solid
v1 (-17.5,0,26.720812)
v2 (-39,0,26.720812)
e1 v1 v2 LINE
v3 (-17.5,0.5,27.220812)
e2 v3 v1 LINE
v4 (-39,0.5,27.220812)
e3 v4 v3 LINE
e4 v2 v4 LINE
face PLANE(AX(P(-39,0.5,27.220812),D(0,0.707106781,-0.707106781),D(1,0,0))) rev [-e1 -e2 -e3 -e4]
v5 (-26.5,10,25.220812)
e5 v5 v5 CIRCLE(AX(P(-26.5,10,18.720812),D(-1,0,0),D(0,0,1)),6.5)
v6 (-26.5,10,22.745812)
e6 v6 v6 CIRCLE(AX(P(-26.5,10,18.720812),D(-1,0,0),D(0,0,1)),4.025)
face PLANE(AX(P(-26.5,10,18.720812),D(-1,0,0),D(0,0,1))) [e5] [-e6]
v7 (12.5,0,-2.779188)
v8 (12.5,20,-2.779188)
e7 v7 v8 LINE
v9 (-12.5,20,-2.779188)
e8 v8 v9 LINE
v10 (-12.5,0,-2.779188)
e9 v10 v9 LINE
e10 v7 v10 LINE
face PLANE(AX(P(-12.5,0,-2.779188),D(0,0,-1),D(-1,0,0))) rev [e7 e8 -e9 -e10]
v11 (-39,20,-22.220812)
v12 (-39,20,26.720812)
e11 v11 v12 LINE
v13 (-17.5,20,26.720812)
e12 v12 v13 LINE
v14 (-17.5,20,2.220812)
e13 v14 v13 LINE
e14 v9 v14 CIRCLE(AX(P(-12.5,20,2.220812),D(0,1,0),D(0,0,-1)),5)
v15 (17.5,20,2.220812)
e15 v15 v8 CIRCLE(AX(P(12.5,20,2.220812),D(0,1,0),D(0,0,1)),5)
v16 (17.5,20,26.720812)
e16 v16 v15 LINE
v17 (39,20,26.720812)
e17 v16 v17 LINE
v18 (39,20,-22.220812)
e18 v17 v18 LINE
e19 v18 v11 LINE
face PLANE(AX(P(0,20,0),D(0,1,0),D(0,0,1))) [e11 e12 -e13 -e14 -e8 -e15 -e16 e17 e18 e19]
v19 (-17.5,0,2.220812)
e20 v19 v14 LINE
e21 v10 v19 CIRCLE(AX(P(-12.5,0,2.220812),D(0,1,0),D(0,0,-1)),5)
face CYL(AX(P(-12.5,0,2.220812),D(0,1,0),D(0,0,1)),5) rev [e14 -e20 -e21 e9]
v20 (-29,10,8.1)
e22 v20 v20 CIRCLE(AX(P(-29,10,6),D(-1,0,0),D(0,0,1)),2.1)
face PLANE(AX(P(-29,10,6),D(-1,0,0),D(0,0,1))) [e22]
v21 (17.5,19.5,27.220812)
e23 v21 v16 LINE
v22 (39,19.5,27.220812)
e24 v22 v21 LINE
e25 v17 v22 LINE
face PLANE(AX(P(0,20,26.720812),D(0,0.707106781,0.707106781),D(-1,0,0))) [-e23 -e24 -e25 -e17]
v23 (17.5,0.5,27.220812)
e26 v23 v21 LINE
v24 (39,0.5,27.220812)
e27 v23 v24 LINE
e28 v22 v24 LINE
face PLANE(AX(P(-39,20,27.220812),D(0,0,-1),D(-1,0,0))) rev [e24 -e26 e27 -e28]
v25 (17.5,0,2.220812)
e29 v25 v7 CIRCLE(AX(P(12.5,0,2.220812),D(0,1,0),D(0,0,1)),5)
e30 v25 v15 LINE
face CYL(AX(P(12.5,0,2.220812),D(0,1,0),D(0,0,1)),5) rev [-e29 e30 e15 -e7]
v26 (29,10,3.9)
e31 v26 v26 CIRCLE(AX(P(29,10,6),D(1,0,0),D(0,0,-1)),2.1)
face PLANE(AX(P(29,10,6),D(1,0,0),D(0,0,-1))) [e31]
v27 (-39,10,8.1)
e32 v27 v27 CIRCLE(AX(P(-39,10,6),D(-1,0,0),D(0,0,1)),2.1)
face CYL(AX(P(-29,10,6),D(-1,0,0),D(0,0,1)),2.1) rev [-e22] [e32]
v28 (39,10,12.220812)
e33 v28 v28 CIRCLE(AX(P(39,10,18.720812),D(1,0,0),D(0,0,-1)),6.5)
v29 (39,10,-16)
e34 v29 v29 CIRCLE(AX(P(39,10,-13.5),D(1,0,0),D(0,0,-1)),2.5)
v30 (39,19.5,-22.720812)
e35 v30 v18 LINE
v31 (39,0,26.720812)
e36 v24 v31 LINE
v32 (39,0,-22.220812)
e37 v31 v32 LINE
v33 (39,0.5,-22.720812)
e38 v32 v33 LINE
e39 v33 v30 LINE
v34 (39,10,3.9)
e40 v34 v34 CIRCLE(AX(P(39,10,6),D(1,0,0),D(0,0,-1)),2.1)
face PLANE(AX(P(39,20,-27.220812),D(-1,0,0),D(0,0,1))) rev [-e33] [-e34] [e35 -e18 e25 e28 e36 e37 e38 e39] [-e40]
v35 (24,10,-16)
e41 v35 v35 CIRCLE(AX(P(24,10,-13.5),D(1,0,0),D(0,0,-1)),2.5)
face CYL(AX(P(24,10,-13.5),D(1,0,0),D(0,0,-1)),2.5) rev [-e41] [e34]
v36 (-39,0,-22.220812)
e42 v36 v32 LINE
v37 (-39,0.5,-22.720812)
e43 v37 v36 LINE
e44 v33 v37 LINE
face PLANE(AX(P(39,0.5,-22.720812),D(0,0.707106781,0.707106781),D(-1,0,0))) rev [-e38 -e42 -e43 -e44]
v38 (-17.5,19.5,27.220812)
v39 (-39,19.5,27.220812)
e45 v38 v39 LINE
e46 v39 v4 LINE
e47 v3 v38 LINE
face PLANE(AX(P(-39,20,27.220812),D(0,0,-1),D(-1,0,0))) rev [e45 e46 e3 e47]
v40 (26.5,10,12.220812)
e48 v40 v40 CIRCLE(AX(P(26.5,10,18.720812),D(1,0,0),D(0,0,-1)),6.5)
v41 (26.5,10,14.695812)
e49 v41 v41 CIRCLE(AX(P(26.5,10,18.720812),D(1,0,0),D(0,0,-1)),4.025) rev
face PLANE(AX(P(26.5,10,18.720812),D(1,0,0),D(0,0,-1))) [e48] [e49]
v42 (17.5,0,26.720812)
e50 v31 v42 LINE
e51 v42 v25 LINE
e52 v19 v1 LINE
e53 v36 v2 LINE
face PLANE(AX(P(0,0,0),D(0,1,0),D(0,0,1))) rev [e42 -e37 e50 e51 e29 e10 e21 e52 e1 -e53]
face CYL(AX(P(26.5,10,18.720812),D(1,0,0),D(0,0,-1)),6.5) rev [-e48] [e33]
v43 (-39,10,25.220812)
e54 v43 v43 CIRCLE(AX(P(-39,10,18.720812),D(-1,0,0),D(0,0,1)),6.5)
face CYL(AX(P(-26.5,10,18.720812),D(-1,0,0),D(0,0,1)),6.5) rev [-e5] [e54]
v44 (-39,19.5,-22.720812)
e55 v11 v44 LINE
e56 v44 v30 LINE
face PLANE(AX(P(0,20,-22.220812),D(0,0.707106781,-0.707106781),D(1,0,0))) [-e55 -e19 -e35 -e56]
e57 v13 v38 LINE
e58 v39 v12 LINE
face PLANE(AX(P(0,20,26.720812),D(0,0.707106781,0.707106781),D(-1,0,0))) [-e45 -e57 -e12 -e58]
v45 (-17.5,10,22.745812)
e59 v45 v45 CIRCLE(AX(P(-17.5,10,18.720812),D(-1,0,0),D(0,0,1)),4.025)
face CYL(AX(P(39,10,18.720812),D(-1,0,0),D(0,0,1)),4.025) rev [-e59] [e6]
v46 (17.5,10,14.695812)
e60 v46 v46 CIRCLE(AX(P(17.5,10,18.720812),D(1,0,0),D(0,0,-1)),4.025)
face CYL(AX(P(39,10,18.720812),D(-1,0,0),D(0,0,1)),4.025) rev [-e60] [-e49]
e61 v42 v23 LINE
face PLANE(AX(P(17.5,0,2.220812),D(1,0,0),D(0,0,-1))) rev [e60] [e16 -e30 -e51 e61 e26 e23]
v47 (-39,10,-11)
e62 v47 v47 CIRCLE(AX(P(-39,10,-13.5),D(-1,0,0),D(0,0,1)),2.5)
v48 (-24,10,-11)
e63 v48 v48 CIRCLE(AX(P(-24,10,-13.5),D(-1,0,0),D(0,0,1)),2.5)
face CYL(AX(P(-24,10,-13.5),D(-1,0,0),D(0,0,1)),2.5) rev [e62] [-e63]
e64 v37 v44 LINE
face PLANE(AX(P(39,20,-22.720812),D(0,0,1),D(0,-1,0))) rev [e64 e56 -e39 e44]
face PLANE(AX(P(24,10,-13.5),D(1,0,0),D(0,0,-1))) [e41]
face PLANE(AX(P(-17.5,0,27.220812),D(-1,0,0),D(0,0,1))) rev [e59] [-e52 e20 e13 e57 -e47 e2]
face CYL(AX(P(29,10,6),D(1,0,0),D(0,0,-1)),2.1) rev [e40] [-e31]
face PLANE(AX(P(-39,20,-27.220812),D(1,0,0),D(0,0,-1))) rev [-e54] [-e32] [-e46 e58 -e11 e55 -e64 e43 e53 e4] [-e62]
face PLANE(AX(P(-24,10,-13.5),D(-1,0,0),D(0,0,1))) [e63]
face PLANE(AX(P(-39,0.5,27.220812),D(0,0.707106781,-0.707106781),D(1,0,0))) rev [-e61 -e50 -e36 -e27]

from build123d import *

# Parameters (mm, degrees)
SKETCH_1_W           = 78
SKETCH_1_H           = 54.441624366
EXTRUDE_1_DEPTH      = 20
CUT_EXTRUDE_1_DEPTH  = 52.59430798
SKETCH_3_R           = 2.5
CUT_EXTRUDE_2_DEPTH  = 15
SKETCH_4_R           = 2.1
CUT_EXTRUDE_3_DEPTH  = 10
SKETCH_5_R           = 6.5
CUT_EXTRUDE_4_DEPTH  = 12.5
SKETCH_6_R           = 4.025
CUT_EXTRUDE_5_DEPTH  = 74.696829076
CUT_EXTRUDE_START    = -12.5
SKETCH_7_R           = 6.5
CUT_EXTRUDE_6_DEPTH  = 12.5
CUT_EXTRUDE_START_2  = -15
SKETCH_11_R          = 2.5
CUT_EXTRUDE_9_DEPTH  = 15
CUT_EXTRUDE_START_3  = -10
SKETCH_12_R          = 2.1
CUT_EXTRUDE_10_DEPTH = 10
SKETCH_9_W           = 4.5
SKETCH_9_H           = 20
CUT_EXTRUDE_8_DEPTH  = 85.999838917
CHAMFER_3_SIZE       = 0.5


with BuildPart() as part:
    # 草图1 → 凸台-拉伸1 (new body)
    with BuildSketch(Plane(origin=(0, 0, 0), x_dir=(1, 0, 0), z_dir=(0, 1, 0))):
        Rectangle(SKETCH_1_W, SKETCH_1_H)
    extrude(amount=EXTRUDE_1_DEPTH)

    # 草图2 → 切除-拉伸1 (cut, through all)
    with BuildSketch(Plane(origin=(0, 20, 0), x_dir=(1, 0, 0), z_dir=(0, 1, 0))):
        with BuildLine():
            Line((-17.5, -27.220812183), (17.5, -27.220812183))
            Line((17.5, -27.220812183), (17.5, -2.220812183))
            ThreePointArc((17.5, -2.220812183), (16.035533906, 1.314721723), (12.5, 2.779187817))
            Line((12.5, 2.779187817), (-12.5, 2.779187817))
            ThreePointArc((-12.5, 2.779187817), (-16.035533906, 1.314721723), (-17.5, -2.220812183))
            Line((-17.5, -2.220812183), (-17.5, -27.220812183))
        make_face()
    extrude(amount=-CUT_EXTRUDE_1_DEPTH, mode=Mode.SUBTRACT)

    # 草图3 → 切除-拉伸2 (cut)
    with BuildSketch(Plane.ZY.offset(39)):
        with Locations((-13.5, 10)):
            Circle(SKETCH_3_R)
    extrude(amount=-CUT_EXTRUDE_2_DEPTH, mode=Mode.SUBTRACT)

    # 草图4 → 切除-拉伸3 (cut)
    with BuildSketch(Plane.ZY.offset(39)):
        with Locations((6, 10)):
            Circle(SKETCH_4_R)
    extrude(amount=-CUT_EXTRUDE_3_DEPTH, mode=Mode.SUBTRACT)

    # 草图5 → 切除-拉伸4 (cut)
    with BuildSketch(Plane.ZY.offset(39)):
        with Locations((18.720812183, 10)):
            Circle(SKETCH_5_R)
    extrude(amount=-CUT_EXTRUDE_4_DEPTH, mode=Mode.SUBTRACT)

    # 草图6 → 切除-拉伸5 (cut, through all)
    with BuildSketch(Plane.ZY.offset(26.5)):
        with Locations((18.720812183, 10)):
            Circle(SKETCH_6_R)
    extrude(amount=-CUT_EXTRUDE_5_DEPTH, mode=Mode.SUBTRACT)

    # 草图7 → 切除-拉伸6 (cut)
    with BuildSketch(Plane(origin=(39, 0, 0), x_dir=(0, 0, -1), z_dir=(1, 0, 0)).offset(CUT_EXTRUDE_START)):
        with Locations(Location((-18.720812183, 10, 0), (0, 0, 180))):
            Circle(SKETCH_7_R)
    extrude(amount=CUT_EXTRUDE_6_DEPTH, mode=Mode.SUBTRACT)

    # 草图11 → 切除-拉伸9 (cut)
    with BuildSketch(Plane(origin=(39, 0, 0), x_dir=(0, 0, -1), z_dir=(1, 0, 0)).offset(CUT_EXTRUDE_START_2)):
        with Locations(Location((13.5, 10, 0), (0, 0, 180))):
            Circle(SKETCH_11_R)
    extrude(amount=CUT_EXTRUDE_9_DEPTH, mode=Mode.SUBTRACT)

    # 草图12 → 切除-拉伸10 (cut)
    with BuildSketch(Plane(origin=(39, 0, 0), x_dir=(0, 0, -1), z_dir=(1, 0, 0)).offset(CUT_EXTRUDE_START_3)):
        with Locations(Location((-6, 10, 0), (0, 0, 180))):
            Circle(SKETCH_12_R)
    extrude(amount=CUT_EXTRUDE_10_DEPTH, mode=Mode.SUBTRACT)

    # 草图9 → 切除-拉伸8 (cut, through all)
    with BuildSketch(Plane.ZY.offset(39)):
        with Locations((-24.970812183, 10)):
            Rectangle(SKETCH_9_W, SKETCH_9_H)
    extrude(amount=-CUT_EXTRUDE_8_DEPTH, mode=Mode.SUBTRACT)

    # 倒角3
    chamfer_3_edges = [part.edges().sort_by_distance(p)[0] for p in [
        (28.25, 0, 27.220812183),
        (-28.25, 20, 27.220812183),
        (28.25, 20, 27.220812183),
        (-28.25, 0, 27.220812183),
        (0, 20, -22.720812183),
        (0, 0, -22.720812183),
    ]]
    chamfer(chamfer_3_edges, length=CHAMFER_3_SIZE)


solid = part.part
